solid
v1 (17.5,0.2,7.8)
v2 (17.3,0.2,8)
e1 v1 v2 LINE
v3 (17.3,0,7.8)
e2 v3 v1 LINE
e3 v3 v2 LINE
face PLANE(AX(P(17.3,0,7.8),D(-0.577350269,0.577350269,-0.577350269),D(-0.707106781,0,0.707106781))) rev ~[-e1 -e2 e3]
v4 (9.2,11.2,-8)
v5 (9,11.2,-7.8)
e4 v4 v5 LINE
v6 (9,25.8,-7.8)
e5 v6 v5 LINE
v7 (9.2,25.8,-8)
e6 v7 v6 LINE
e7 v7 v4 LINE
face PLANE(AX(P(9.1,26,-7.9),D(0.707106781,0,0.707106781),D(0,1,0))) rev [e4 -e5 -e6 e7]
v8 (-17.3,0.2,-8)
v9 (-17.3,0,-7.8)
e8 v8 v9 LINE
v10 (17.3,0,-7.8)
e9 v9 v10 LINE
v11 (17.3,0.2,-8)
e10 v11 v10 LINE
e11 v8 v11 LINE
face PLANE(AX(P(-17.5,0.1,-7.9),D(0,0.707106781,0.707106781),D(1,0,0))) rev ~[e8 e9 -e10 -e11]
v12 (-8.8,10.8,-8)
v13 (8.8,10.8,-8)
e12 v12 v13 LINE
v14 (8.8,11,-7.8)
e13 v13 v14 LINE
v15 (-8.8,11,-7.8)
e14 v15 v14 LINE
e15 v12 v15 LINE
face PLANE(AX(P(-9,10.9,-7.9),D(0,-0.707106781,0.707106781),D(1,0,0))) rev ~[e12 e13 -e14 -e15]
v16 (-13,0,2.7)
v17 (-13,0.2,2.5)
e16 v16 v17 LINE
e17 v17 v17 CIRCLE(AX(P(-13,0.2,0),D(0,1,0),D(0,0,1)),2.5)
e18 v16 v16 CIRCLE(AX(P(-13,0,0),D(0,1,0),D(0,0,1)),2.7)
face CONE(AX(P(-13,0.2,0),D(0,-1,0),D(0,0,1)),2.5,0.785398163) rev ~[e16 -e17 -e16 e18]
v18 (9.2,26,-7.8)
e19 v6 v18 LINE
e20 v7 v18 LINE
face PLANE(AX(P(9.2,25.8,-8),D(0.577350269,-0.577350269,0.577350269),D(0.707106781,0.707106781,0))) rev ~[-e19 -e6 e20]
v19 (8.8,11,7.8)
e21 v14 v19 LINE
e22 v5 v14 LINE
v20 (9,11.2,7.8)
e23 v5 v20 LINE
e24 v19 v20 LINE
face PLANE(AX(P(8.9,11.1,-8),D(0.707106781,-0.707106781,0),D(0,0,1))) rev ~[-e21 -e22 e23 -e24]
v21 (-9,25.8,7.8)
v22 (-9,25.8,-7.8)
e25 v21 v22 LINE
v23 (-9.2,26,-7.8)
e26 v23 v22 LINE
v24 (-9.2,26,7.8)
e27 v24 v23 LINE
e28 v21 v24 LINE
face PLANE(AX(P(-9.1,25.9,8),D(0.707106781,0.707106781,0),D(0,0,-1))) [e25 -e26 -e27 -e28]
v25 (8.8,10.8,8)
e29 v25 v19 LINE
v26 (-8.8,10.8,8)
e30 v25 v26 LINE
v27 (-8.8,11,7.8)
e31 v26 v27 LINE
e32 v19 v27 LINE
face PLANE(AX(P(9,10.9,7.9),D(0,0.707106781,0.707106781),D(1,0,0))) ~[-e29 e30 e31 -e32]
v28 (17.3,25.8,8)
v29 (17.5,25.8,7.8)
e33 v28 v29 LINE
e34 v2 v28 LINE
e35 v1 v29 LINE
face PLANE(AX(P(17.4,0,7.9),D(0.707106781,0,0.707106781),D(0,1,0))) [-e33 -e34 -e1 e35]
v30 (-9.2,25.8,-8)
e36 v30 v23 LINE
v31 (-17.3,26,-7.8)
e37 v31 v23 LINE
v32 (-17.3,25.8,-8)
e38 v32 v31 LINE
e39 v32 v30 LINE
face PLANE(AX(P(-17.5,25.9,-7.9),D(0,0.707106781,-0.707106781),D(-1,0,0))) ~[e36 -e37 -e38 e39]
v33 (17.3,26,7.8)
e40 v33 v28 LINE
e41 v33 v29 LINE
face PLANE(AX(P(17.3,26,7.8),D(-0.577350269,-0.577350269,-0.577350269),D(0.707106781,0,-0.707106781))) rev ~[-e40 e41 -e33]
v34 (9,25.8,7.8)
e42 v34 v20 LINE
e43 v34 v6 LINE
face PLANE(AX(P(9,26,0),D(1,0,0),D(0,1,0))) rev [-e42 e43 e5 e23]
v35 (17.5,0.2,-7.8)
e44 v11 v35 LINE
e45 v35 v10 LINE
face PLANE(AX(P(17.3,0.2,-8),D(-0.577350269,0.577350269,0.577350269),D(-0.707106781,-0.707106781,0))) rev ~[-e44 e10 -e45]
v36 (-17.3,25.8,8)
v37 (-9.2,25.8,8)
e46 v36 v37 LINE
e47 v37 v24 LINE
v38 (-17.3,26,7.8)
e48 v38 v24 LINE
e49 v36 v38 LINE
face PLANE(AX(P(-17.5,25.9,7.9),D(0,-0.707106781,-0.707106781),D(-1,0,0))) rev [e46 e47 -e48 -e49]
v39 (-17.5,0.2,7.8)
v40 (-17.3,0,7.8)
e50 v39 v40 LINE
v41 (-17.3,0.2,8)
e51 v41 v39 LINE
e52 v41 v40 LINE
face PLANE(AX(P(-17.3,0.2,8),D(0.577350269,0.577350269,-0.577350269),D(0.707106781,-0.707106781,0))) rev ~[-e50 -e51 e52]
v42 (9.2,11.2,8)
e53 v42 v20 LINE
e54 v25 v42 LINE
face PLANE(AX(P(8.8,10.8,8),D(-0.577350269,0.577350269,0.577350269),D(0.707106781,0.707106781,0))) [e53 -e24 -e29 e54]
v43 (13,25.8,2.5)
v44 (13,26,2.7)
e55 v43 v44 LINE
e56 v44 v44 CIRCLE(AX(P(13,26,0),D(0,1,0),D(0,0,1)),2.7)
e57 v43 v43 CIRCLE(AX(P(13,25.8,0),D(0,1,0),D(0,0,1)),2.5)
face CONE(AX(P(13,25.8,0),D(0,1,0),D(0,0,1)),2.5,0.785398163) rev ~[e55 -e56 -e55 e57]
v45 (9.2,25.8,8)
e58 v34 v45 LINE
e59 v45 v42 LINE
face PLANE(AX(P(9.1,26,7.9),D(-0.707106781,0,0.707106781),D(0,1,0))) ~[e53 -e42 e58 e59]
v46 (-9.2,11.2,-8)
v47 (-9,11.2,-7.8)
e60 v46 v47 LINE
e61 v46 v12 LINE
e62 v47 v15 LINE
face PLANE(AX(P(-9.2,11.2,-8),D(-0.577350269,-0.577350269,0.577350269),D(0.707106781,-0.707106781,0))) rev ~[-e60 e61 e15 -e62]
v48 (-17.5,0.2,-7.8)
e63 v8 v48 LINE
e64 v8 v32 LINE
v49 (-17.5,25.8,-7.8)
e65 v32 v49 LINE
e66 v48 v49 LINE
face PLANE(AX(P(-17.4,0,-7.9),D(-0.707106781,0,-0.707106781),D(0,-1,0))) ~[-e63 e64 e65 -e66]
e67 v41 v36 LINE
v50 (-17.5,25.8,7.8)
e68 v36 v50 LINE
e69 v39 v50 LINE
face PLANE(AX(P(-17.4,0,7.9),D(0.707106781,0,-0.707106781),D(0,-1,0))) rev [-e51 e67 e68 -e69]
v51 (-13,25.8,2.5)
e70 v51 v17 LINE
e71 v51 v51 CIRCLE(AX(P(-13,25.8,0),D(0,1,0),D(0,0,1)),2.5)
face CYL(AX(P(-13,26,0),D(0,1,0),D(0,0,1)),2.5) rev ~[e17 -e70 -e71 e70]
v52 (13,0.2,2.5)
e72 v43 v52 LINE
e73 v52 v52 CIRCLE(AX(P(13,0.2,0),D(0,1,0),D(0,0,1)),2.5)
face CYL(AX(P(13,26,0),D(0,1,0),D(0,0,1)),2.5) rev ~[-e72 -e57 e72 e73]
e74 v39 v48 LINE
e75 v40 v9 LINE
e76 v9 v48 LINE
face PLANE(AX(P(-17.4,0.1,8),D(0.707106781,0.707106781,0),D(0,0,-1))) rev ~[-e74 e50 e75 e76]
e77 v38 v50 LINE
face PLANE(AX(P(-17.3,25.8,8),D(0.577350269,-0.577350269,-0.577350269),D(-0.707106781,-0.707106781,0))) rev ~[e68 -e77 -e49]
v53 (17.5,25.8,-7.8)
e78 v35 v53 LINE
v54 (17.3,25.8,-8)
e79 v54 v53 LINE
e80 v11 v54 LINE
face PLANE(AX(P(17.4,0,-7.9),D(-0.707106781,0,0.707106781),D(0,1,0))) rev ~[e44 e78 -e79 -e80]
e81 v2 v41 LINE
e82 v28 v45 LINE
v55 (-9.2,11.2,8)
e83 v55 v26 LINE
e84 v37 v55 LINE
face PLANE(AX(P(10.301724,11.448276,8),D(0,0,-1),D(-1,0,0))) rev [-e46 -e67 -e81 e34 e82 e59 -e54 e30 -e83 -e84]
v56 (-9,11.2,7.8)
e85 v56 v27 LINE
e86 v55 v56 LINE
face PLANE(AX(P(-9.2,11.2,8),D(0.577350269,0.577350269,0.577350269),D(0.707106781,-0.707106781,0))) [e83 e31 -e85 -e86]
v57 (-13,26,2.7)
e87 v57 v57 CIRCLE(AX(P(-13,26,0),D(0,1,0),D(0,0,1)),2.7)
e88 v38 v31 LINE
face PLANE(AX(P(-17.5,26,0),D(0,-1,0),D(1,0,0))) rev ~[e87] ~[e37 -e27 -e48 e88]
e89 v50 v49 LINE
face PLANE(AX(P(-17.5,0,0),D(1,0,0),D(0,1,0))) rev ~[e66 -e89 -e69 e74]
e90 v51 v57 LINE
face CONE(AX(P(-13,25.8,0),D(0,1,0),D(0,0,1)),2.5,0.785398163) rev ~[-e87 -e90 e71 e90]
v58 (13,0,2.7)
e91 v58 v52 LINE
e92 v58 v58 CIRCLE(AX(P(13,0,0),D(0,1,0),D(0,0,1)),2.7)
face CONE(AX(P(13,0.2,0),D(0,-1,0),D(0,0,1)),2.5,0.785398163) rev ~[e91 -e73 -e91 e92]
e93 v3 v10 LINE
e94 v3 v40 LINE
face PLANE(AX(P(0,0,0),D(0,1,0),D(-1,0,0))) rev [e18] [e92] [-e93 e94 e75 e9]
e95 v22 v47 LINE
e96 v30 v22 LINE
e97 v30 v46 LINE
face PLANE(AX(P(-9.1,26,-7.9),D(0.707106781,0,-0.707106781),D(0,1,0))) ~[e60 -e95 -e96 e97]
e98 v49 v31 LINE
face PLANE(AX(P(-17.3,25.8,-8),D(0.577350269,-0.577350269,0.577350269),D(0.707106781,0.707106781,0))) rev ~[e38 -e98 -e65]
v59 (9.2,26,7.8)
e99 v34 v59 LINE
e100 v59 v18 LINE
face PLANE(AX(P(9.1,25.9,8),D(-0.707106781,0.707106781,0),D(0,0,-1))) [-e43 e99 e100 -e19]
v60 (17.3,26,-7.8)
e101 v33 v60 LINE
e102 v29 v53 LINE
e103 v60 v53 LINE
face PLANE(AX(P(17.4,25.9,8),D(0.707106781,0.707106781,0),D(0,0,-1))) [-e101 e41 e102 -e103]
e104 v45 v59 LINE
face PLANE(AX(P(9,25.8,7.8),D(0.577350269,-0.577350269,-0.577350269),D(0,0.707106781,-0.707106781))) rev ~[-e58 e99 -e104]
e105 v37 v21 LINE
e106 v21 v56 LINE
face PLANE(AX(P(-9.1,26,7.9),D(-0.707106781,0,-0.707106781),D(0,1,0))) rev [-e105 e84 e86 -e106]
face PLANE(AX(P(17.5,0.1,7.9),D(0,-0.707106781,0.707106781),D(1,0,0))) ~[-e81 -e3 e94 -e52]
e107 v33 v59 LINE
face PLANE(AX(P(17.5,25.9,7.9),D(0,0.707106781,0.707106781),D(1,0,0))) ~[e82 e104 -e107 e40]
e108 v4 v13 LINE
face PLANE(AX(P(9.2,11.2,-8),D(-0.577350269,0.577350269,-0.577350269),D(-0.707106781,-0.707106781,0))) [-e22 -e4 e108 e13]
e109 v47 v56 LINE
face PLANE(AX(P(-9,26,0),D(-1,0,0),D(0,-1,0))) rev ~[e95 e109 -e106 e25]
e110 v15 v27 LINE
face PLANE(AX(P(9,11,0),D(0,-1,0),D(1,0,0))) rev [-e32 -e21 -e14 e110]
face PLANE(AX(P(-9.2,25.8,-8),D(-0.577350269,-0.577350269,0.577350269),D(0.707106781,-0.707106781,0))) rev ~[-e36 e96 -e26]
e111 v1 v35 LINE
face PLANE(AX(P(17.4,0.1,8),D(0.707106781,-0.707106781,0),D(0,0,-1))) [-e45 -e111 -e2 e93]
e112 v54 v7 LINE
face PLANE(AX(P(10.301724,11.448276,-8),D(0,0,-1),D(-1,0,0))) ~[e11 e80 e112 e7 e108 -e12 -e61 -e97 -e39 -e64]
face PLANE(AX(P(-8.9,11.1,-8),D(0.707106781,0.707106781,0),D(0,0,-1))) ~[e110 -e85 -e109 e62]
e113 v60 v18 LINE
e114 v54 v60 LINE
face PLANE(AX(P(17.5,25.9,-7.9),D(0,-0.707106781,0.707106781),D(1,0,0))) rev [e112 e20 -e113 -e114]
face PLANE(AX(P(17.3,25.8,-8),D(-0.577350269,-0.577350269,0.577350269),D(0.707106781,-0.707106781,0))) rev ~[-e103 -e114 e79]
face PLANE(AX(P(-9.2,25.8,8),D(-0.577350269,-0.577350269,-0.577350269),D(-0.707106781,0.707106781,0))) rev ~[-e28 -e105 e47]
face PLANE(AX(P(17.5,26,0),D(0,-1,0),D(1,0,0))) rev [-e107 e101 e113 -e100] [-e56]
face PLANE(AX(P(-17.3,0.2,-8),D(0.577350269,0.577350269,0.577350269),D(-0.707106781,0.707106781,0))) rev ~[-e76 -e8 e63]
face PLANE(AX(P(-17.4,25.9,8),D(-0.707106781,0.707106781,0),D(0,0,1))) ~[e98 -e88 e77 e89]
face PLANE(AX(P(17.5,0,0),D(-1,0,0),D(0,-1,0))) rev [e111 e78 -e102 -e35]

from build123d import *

# Parameters (mm, degrees)
BOSS_EXTRUDE1_DEPTH = 8
SKETCH2_R           = 2.5
CUT_EXTRUDE1_DEPTH  = 33.345787979
CHAMFER1_SIZE       = 0.2


with BuildPart() as part:
    # Sketch1 → Boss-Extrude1 (new, symmetric)
    with BuildSketch(Plane.XY):
        Polygon((0, 0), (-17.5, 0), (-17.5, 26), (-9, 26), (-9, 11), (0, 11), align=None)
    boss_extrude1 = extrude(amount=BOSS_EXTRUDE1_DEPTH, both=True)

    # Mirror1: Boss-Extrude1 across plane
    add(boss_extrude1.mirror(Plane(origin=(0, 0, 0), x_dir=(0, 0, 1), z_dir=(1, 0, 0))))

    # Sketch2 → Cut-Extrude1 (cut, through all)
    with BuildSketch(Plane(origin=(0, 26, 0), x_dir=(1, 0, 0), z_dir=(0, 1, 0))):
        with Locations(Location((-13, 0, 0), (0, 0, 270))):
            Circle(SKETCH2_R)
        with Locations(Location((13, 0, 0), (0, 0, 270))):
            Circle(SKETCH2_R)
    extrude(amount=-CUT_EXTRUDE1_DEPTH, mode=Mode.SUBTRACT)

    # Chamfer1
    chamfer1_edges = [part.edges().sort_by_distance(p)[0] for p in [
        (-17.5, 0, 0),
        (-17.5, 26, 0),
        (-9, 26, 0),
        (-9, 11, 0),
        (-9, 18.5, 8),
        (-13.25, 26, 8),
        (17.5, 13, 8),
        (-17.5, 13, 8),
        (17.5, 0, 0),
        (13.25, 26, 8),
        (17.5, 26, 0),
        (9, 18.5, 8),
        (9, 26, 0),
        (9, 11, 0),
        (9, 18.5, -8),
        (13.25, 26, -8),
        (17.5, 13, -8),
        (0, 0, 8),
        (-13, 0, -2.5),
        (-13, 26, -2.5),
        (13, 0, -2.5),
        (13, 26, -2.5),
        (0, 0, -8),
        (-17.5, 13, -8),
        (-13.25, 26, -8),
        (-9, 18.5, -8),
        (0, 11, -8),
        (0, 11, 8),
    ]]
    chamfer(chamfer1_edges, length=CHAMFER1_SIZE)


solid = part.part
